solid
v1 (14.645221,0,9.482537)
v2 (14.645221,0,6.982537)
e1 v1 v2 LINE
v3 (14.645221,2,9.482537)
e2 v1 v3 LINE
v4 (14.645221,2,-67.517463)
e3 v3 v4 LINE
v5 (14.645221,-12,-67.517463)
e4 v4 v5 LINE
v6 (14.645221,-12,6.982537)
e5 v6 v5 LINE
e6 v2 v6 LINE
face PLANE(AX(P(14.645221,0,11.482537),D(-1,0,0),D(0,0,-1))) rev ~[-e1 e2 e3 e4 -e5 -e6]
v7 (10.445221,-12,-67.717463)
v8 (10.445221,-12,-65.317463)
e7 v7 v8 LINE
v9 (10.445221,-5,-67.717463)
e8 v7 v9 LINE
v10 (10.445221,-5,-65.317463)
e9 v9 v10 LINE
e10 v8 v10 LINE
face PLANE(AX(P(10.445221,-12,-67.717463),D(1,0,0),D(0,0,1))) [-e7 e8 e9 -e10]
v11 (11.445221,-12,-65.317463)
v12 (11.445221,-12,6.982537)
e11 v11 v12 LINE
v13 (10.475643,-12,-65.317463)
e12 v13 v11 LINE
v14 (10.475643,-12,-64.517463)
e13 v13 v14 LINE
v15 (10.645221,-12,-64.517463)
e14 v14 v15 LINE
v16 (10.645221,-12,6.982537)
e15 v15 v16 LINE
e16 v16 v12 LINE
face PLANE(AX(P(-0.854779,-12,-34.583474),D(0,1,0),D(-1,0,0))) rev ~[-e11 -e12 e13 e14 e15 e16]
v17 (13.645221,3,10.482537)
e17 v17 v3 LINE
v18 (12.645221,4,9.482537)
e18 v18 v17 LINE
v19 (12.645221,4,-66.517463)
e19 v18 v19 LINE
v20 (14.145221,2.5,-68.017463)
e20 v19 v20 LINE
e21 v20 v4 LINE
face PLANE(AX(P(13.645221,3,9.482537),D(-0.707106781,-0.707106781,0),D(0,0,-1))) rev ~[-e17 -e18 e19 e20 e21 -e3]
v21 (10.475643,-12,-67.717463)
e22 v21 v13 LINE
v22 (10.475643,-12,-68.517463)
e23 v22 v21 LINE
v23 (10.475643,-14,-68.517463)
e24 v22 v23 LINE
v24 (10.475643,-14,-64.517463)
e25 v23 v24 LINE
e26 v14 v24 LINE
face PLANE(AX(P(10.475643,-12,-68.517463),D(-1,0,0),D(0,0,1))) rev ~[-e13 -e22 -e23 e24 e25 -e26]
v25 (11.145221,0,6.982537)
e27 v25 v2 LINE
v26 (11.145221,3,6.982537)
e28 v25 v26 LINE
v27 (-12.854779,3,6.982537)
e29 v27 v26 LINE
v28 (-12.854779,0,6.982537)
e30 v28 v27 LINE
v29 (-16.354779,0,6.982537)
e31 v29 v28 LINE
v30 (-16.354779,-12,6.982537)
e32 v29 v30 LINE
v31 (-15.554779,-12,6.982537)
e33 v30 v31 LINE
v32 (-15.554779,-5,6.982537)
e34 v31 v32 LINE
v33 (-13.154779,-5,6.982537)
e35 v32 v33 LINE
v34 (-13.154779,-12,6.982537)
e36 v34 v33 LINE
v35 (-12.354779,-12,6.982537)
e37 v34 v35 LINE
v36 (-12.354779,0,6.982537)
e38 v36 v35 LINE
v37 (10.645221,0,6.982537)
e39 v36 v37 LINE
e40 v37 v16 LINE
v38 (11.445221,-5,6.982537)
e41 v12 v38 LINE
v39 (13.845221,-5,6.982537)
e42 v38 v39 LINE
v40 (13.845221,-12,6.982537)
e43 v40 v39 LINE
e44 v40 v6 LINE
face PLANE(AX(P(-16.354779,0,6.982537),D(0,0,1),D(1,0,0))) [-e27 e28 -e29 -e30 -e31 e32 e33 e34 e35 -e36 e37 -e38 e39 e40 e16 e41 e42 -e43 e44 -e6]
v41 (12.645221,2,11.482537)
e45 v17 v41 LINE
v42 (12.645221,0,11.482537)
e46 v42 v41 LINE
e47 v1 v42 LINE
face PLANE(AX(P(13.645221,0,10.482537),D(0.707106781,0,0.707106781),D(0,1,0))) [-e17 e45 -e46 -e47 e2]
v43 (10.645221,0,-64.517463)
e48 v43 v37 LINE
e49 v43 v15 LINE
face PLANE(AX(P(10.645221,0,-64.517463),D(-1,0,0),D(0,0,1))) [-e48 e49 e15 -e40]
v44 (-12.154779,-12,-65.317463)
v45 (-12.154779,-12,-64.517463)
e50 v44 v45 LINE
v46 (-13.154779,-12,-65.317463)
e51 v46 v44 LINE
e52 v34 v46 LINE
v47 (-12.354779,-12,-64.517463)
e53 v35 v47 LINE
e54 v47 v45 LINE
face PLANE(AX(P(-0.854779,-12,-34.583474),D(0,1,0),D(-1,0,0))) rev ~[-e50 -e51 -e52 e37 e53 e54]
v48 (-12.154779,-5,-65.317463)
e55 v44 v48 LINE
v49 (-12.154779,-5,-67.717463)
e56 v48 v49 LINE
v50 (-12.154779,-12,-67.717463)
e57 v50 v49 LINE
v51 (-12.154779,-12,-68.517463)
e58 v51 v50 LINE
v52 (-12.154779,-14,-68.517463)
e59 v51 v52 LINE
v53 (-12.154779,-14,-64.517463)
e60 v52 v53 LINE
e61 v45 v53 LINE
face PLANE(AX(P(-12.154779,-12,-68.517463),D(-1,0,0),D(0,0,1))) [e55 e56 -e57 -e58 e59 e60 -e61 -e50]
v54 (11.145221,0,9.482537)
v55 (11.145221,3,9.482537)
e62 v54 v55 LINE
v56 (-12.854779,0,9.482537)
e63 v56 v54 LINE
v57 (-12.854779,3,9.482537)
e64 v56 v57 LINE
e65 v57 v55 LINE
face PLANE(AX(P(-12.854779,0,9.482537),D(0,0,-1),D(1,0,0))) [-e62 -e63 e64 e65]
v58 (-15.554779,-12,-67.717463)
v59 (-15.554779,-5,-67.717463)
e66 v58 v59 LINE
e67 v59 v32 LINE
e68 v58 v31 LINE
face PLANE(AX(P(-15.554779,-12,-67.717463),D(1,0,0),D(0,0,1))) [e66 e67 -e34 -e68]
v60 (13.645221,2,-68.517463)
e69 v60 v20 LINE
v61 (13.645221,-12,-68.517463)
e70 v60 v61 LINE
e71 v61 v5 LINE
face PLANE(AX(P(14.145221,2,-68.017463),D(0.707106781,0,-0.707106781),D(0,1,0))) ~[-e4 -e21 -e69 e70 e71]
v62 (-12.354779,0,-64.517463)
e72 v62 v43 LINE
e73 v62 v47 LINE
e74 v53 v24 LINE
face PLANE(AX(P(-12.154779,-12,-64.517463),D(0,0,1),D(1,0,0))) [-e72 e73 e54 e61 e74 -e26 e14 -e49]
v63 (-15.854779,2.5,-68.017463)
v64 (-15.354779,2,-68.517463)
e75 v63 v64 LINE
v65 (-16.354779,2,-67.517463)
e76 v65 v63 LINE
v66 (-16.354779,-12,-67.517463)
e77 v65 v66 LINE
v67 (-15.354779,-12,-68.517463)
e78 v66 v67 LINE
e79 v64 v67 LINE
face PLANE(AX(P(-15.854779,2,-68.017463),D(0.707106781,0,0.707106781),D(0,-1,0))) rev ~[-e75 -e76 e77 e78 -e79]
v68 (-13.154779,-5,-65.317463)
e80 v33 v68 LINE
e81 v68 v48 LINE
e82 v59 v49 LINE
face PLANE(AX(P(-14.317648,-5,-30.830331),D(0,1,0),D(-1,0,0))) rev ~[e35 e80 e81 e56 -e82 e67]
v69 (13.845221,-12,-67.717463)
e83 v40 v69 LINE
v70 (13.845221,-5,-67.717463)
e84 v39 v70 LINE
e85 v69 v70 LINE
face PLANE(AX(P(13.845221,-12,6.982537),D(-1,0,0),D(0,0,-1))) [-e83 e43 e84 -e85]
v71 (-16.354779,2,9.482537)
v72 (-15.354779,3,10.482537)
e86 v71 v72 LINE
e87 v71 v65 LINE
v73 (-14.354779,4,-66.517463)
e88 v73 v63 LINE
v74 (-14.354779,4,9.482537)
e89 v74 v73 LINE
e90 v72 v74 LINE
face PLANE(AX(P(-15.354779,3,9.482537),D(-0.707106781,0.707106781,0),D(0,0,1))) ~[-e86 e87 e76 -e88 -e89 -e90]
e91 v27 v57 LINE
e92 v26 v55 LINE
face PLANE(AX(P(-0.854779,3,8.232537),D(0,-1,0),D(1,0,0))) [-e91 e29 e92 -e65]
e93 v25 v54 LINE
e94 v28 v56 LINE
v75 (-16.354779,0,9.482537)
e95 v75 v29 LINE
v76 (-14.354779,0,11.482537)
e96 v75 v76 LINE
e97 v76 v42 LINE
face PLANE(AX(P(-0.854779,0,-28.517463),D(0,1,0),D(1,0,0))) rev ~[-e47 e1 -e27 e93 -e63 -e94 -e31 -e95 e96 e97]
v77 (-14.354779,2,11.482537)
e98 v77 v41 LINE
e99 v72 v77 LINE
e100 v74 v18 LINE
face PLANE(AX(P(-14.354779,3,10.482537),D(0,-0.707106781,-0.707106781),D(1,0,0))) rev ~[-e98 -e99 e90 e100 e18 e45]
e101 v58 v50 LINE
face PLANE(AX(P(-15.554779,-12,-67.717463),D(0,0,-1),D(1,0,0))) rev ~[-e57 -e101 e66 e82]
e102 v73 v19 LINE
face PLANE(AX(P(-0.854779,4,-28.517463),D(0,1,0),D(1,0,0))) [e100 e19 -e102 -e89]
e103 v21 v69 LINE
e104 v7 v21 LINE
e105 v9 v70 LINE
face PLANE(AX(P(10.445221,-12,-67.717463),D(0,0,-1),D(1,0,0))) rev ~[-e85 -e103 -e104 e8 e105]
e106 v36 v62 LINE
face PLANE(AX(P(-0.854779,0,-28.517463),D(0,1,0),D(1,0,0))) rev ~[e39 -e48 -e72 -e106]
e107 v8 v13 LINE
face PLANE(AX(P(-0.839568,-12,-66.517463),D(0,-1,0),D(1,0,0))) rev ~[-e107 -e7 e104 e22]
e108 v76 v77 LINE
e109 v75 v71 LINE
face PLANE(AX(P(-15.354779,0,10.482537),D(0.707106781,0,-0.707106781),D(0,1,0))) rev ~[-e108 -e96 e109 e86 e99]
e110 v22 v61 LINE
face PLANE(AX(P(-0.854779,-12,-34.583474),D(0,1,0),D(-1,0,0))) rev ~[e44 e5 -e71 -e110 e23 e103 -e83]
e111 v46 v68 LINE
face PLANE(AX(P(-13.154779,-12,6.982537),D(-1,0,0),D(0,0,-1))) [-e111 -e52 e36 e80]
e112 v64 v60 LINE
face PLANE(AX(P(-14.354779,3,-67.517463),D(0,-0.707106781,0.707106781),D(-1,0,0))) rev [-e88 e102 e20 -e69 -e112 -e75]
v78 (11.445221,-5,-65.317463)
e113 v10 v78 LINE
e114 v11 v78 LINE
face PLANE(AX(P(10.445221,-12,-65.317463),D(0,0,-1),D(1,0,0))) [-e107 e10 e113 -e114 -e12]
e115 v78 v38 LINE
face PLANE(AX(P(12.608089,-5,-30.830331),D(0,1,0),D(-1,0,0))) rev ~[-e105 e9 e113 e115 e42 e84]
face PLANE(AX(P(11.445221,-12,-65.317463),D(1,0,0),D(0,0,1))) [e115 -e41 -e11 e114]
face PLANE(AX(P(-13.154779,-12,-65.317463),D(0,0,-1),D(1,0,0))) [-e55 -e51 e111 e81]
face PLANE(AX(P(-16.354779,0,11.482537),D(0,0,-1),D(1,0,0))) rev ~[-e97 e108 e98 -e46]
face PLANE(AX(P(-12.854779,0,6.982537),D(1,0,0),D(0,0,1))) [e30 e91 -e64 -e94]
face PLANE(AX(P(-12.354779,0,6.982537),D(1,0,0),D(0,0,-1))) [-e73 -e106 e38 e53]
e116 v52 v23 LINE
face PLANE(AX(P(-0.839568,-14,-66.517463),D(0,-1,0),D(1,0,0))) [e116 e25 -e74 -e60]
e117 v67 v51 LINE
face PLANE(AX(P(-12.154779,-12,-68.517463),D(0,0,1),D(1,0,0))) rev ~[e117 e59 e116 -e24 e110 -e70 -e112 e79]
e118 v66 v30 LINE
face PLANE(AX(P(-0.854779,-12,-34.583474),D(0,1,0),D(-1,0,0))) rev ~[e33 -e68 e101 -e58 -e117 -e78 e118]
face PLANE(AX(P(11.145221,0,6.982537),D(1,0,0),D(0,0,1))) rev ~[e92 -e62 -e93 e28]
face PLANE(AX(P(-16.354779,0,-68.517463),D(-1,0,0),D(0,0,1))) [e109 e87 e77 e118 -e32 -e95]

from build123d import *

# Parameters (mm, degrees)
SKETCH1_W           = 31
SKETCH1_H           = 80
BOSS_EXTRUDE1_DEPTH = 4
SKETCH2_W           = 24
SKETCH2_H           = 2.5
CUT_EXTRUDE1_DEPTH  = 3
BOSS_EXTRUDE2_DEPTH = 12
CUT_EXTRUDE3_DEPTH  = 7
SKETCH5_W           = 22.630422209
SKETCH5_H           = 4
BOSS_EXTRUDE3_DEPTH = 2
CHAMFER1_SIZE       = 2
CHAMFER2_SIZE       = 2
CHAMFER3_SIZE       = 2
CHAMFER4_SIZE       = 2
CHAMFER6_SIZE       = 1


with BuildPart() as part:
    # Sketch1 → Boss-Extrude1 (new body)
    with BuildSketch(Plane(origin=(0, 0, 0), x_dir=(1, 0, 0), z_dir=(0, 1, 0))):
        with Locations((-0.854779412, 28.517463235)):
            Rectangle(SKETCH1_W, SKETCH1_H)
    extrude(amount=BOSS_EXTRUDE1_DEPTH)

    # Sketch2 → Cut-Extrude1 (cut)
    with BuildSketch(Plane.XZ):
        with Locations((-0.854779412, 8.232536765)):
            Rectangle(SKETCH2_W, SKETCH2_H)
    extrude(amount=-CUT_EXTRUDE1_DEPTH, mode=Mode.SUBTRACT)

    # Sketch3 → Boss-Extrude2 (add)
    with BuildSketch(Plane.XZ):
        Polygon((-16.354779412, 6.982536765), (-12.354779412, 6.982536765), (-12.354779412, -64.517463235), (10.645220588, -64.517463235), (10.645220588, 6.982536765), (14.645220588, 6.982536765), (14.645220588, -68.517463235), (10.645220588, -68.517463235), (-12.354779412, -68.517463235), (-16.354779412, -68.517463235), align=None)
    extrude(amount=BOSS_EXTRUDE2_DEPTH)

    # Sketch4 → Cut-Extrude3 (cut)
    with BuildSketch(Plane.XZ.offset(12)):
        Polygon((-15.554779412, 6.982536765), (-13.154779412, 6.982536765), (-13.154779412, -65.317463235), (-12.154779412, -65.317463235), (-12.154779412, -67.717463235), (-13.154779412, -67.717463235), (-15.554779412, -67.717463235), align=None)
        Polygon((11.445220588, 6.982536765), (13.845220588, 6.982536765), (13.845220588, -67.717463235), (11.445220588, -67.717463235), (10.445220588, -67.717463235), (10.445220588, -65.317463235), (11.445220588, -65.317463235), align=None)
    extrude(amount=-CUT_EXTRUDE3_DEPTH, mode=Mode.SUBTRACT)

    # Sketch5 → Boss-Extrude3 (add)
    with BuildSketch(Plane.XZ.offset(12)):
        with Locations((-0.839568307, -66.517463235)):
            Rectangle(SKETCH5_W, SKETCH5_H)
    extrude(amount=BOSS_EXTRUDE3_DEPTH)

    # Chamfer1
    chamfer1_edges = [part.edges().sort_by_distance(p)[0] for p in [
        (-16.354779412, 2, 11.482536765),
        (14.645220588, 2, 11.482536765),
    ]]
    chamfer(chamfer1_edges, length=CHAMFER1_SIZE)

    # Chamfer2
    chamfer2_edges = [part.edges().sort_by_distance(p)[0] for p in [
        (-0.854779412, 4, 11.482536765),
    ]]
    chamfer(chamfer2_edges, length=CHAMFER2_SIZE)

    # Chamfer3
    chamfer3_edges = [part.edges().sort_by_distance(p)[0] for p in [
        (-16.354779412, 4, -29.517463235),
        (14.645220588, 4, -29.517463235),
    ]]
    chamfer(chamfer3_edges, length=CHAMFER3_SIZE)

    # Chamfer4
    chamfer4_edges = [part.edges().sort_by_distance(p)[0] for p in [
        (-0.854779412, 4, -68.517463235),
    ]]
    chamfer(chamfer4_edges, length=CHAMFER4_SIZE)

    # Chamfer6
    chamfer6_edges = [part.edges().sort_by_distance(p)[0] for p in [
        (14.645220588, -5, -68.517463235),
        (-16.354779412, -5, -68.517463235),
    ]]
    chamfer(chamfer6_edges, length=CHAMFER6_SIZE)


solid = part.part
